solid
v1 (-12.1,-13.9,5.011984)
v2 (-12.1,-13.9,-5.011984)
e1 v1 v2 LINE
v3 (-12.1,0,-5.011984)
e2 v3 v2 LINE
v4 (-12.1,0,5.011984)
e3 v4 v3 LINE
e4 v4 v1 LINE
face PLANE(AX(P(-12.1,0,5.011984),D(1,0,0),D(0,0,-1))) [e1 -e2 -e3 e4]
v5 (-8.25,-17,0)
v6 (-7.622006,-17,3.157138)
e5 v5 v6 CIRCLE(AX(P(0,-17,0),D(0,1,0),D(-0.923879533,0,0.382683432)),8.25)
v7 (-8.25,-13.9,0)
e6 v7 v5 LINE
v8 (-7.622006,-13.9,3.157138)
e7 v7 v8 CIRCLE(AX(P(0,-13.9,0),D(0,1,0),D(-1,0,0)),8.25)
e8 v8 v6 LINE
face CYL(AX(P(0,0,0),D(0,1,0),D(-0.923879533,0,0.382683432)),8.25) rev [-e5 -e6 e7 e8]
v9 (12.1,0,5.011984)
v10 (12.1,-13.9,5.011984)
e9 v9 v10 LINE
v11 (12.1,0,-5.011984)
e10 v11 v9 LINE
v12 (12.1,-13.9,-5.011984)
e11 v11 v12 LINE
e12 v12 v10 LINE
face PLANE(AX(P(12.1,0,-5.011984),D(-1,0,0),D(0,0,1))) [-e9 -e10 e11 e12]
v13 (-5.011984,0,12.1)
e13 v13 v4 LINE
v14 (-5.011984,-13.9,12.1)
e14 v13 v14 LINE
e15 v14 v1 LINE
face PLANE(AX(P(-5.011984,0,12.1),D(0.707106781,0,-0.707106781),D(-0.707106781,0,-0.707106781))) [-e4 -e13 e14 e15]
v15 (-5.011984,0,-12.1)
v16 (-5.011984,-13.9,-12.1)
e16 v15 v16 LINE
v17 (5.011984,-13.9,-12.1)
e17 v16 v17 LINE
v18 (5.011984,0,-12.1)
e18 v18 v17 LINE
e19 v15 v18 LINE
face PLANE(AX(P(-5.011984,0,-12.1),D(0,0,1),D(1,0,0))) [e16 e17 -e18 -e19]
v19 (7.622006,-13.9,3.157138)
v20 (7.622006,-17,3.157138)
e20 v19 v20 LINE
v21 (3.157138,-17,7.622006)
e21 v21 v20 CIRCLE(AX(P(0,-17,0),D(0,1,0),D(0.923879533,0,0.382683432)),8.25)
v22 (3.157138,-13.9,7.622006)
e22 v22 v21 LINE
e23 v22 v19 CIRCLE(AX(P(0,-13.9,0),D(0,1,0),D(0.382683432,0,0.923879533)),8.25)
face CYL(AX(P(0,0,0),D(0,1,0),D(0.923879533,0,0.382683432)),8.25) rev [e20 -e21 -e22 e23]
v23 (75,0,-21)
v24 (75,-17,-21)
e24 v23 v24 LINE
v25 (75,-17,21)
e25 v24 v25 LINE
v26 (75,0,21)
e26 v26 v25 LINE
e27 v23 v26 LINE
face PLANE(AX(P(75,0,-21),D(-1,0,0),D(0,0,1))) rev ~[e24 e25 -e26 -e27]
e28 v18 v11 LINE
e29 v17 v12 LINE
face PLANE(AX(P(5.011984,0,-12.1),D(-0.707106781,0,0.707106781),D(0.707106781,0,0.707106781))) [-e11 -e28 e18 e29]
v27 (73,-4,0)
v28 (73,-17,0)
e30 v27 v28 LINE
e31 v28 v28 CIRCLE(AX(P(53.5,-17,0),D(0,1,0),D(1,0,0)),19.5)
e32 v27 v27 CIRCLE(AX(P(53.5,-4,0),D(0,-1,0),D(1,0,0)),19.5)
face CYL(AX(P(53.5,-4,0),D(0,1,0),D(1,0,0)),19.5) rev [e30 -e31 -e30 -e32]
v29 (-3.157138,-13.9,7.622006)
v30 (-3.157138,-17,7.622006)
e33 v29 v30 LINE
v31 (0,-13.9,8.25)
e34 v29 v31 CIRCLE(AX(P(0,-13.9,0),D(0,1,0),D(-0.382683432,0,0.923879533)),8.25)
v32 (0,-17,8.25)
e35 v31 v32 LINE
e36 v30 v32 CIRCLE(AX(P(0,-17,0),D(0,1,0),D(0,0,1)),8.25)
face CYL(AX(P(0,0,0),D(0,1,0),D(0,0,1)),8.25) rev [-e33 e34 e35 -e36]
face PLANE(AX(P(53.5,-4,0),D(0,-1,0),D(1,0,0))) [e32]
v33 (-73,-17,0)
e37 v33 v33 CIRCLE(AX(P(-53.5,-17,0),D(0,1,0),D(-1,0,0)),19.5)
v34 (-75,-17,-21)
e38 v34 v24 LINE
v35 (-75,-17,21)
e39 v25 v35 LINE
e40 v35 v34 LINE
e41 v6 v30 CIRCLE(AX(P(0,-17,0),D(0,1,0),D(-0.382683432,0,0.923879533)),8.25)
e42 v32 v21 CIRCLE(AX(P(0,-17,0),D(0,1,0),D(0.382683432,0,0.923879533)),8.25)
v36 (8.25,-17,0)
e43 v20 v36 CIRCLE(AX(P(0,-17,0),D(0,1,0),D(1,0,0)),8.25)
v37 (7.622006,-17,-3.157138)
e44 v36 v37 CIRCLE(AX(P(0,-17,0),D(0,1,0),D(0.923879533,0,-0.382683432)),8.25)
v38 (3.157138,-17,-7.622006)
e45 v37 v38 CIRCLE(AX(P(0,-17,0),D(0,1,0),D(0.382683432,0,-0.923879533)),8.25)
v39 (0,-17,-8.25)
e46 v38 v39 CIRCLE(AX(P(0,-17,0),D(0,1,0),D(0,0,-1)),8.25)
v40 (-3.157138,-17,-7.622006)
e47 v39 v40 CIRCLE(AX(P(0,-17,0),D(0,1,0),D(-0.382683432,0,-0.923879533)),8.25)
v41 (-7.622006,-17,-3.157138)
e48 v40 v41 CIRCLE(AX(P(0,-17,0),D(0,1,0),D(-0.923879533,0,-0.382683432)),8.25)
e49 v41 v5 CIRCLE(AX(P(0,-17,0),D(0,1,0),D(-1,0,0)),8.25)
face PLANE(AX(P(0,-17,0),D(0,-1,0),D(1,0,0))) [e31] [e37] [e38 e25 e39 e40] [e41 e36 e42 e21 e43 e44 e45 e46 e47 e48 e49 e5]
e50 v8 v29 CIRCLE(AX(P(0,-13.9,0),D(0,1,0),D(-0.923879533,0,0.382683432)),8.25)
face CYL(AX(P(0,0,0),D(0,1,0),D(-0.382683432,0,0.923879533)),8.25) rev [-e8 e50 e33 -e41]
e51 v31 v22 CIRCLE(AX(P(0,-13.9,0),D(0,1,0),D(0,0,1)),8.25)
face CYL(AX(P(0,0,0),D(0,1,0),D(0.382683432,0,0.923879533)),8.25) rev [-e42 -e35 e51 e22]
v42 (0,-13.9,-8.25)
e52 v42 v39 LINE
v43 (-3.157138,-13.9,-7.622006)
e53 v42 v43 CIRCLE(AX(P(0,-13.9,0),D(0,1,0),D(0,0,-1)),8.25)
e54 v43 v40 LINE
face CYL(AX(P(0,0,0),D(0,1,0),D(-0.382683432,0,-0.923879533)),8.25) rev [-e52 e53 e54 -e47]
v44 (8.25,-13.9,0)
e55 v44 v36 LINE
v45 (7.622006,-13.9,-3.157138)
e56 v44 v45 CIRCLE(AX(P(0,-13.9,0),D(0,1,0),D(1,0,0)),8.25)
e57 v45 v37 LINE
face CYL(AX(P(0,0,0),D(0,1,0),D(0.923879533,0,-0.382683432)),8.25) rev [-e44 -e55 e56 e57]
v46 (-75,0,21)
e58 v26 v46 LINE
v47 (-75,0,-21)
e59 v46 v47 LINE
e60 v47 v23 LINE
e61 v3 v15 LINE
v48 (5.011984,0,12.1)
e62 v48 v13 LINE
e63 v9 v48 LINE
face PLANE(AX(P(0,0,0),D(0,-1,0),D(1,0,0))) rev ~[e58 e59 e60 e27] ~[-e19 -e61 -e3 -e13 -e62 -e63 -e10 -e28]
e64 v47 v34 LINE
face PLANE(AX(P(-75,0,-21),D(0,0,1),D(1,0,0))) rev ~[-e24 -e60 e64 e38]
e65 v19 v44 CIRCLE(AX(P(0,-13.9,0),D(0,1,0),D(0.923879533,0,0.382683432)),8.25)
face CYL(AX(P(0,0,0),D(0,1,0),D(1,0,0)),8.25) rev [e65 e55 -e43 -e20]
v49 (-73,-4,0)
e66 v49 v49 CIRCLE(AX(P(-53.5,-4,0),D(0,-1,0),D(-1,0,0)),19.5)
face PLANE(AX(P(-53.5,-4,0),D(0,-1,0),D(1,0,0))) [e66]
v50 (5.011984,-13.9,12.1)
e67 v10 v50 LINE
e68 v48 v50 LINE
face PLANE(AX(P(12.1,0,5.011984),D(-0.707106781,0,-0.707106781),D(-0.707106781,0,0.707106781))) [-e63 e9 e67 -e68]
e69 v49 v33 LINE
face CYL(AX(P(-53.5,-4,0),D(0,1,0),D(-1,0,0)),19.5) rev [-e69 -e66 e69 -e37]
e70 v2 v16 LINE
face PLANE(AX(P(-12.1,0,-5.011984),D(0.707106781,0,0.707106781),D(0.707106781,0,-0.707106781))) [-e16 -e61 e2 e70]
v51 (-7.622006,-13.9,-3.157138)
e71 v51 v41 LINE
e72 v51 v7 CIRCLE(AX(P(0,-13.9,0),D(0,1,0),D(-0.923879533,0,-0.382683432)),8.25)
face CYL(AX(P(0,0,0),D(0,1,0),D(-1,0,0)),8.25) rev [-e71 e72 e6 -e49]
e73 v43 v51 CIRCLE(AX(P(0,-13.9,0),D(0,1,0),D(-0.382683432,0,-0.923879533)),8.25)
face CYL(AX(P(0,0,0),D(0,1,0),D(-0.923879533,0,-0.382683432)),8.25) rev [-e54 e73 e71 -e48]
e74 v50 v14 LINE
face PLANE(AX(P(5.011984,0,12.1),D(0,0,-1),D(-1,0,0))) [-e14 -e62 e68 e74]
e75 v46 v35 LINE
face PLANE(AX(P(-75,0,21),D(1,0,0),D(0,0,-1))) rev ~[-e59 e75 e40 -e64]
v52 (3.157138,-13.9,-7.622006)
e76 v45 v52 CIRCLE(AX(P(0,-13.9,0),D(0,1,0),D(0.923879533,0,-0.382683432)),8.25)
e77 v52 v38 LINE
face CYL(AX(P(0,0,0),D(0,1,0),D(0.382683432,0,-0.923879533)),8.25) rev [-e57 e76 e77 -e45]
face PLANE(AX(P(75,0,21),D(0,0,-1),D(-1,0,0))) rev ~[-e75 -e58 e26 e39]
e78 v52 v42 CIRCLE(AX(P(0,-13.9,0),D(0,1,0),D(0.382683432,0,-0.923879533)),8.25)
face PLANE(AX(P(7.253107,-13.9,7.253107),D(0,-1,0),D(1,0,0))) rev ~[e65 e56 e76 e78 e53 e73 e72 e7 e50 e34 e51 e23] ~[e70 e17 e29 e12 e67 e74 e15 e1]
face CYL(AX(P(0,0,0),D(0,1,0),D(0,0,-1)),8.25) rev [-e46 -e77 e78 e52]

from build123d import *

# Parameters (mm, degrees)
F1_DEPTH = 13.9
F2_DEPTH = 25
F3_R     = 19.5
F4_DEPTH = 17
F6_DEPTH = 20.74372


with BuildPart() as f1:
    # F0 (on Front) → F1 (new body)
    with BuildSketch(Plane.XZ):
        with BuildLine():
            Line((5.0119841047, 12.1), (3.157138317, 7.6220061432))
            ThreePointArc((3.157138317, 7.6220061432), (5.8336309448, 5.8336309448), (7.6220061432, 3.157138317))
            Line((7.6220061432, 3.157138317), (12.1, 5.0119841047))
            Line((12.1, 5.0119841047), (5.0119841047, 12.1))
        make_face()
        with BuildLine():
            Line((0, 12.1), (0, 8.25))
            ThreePointArc((0, 8.25), (1.6094951566, 8.0914785633), (3.157138317, 7.6220061432))
            Line((3.157138317, 7.6220061432), (5.0119841047, 12.1))
            Line((5.0119841047, 12.1), (0, 12.1))
        make_face()
        with BuildLine():
            ThreePointArc((-3.157138317, 7.6220061432), (-1.6094951566, 8.0914785633), (0, 8.25))
            Line((0, 8.25), (0, 12.1))
            Line((0, 12.1), (-5.0119841047, 12.1))
            Line((-5.0119841047, 12.1), (-3.157138317, 7.6220061432))
        make_face()
        with BuildLine():
            ThreePointArc((-7.6220061432, 3.157138317), (-5.8336309448, 5.8336309448), (-3.157138317, 7.6220061432))
            Line((-3.157138317, 7.6220061432), (-5.0119841047, 12.1))
            Line((-5.0119841047, 12.1), (-12.1, 5.0119841047))
            Line((-12.1, 5.0119841047), (-7.6220061432, 3.157138317))
        make_face()
        with BuildLine():
            ThreePointArc((-3.157138317, -7.6220061432), (-5.8336309448, -5.8336309448), (-7.6220061432, -3.157138317))
            Line((-7.6220061432, -3.157138317), (-12.1, -5.0119841047))
            Line((-12.1, -5.0119841047), (-5.0119841047, -12.1))
            Line((-5.0119841047, -12.1), (-3.157138317, -7.6220061432))
        make_face()
        with BuildLine():
            ThreePointArc((-7.6220061432, -3.157138317), (-8.0914785633, -1.6094951566), (-8.25, 0))
            Line((-8.25, 0), (-12.1, 0))
            Line((-12.1, 0), (-12.1, -5.0119841047))
            Line((-12.1, -5.0119841047), (-7.6220061432, -3.157138317))
        make_face()
        with BuildLine():
            Line((-12.1, 0), (-8.25, 0))
            ThreePointArc((-8.25, 0), (-8.0914785633, 1.6094951566), (-7.6220061432, 3.157138317))
            Line((-7.6220061432, 3.157138317), (-12.1, 5.0119841047))
            Line((-12.1, 5.0119841047), (-12.1, 0))
        make_face()
        with BuildLine():
            Line((0, -12.1), (0, -8.25))
            ThreePointArc((0, -8.25), (-1.6094951566, -8.0914785633), (-3.157138317, -7.6220061432))
            Line((-3.157138317, -7.6220061432), (-5.0119841047, -12.1))
            Line((-5.0119841047, -12.1), (0, -12.1))
        make_face()
        with BuildLine():
            ThreePointArc((3.157138317, -7.6220061432), (1.6094951566, -8.0914785633), (0, -8.25))
            Line((0, -8.25), (0, -12.1))
            Line((0, -12.1), (5.0119841047, -12.1))
            Line((5.0119841047, -12.1), (3.157138317, -7.6220061432))
        make_face()
        with BuildLine():
            ThreePointArc((7.6220061432, -3.157138317), (5.8336309448, -5.8336309448), (3.157138317, -7.6220061432))
            Line((3.157138317, -7.6220061432), (5.0119841047, -12.1))
            Line((5.0119841047, -12.1), (12.1, -5.0119841047))
            Line((12.1, -5.0119841047), (7.6220061432, -3.157138317))
        make_face()
        with BuildLine():
            Line((12.1, 0), (8.25, 0))
            ThreePointArc((8.25, 0), (8.0914785633, -1.6094951566), (7.6220061432, -3.157138317))
            Line((7.6220061432, -3.157138317), (12.1, -5.0119841047))
            Line((12.1, -5.0119841047), (12.1, 0))
        make_face()
        with BuildLine():
            ThreePointArc((7.6220061432, 3.157138317), (8.0914785633, 1.6094951566), (8.25, 0))
            Line((8.25, 0), (12.1, 0))
            Line((12.1, 0), (12.1, 5.0119841047))
            Line((12.1, 5.0119841047), (7.6220061432, 3.157138317))
        make_face()
    extrude(amount=F1_DEPTH)


with BuildPart() as f2:
    # F0 (on Front) → F2 (new body)
    with BuildSketch(Plane.XZ):
        with BuildLine():
            Line((3.157138317, 7.6220061432), (0, 0))
            Line((0, 0), (7.6220061432, 3.157138317))
            ThreePointArc((7.6220061432, 3.157138317), (5.8336309448, 5.8336309448), (3.157138317, 7.6220061432))
        make_face()
        with BuildLine():
            Line((0, 8.25), (0, 0))
            Line((0, 0), (3.157138317, 7.6220061432))
            ThreePointArc((3.157138317, 7.6220061432), (1.6094951566, 8.0914785633), (0, 8.25))
        make_face()
        with BuildLine():
            Line((-3.157138317, 7.6220061432), (0, 0))
            Line((0, 0), (0, 8.25))
            ThreePointArc((0, 8.25), (-1.6094951566, 8.0914785633), (-3.157138317, 7.6220061432))
        make_face()
        with BuildLine():
            Line((-7.6220061432, 3.157138317), (0, 0))
            Line((0, 0), (-3.157138317, 7.6220061432))
            ThreePointArc((-3.157138317, 7.6220061432), (-5.8336309448, 5.8336309448), (-7.6220061432, 3.157138317))
        make_face()
        with BuildLine():
            Line((-8.25, 0), (0, 0))
            Line((0, 0), (-7.6220061432, 3.157138317))
            ThreePointArc((-7.6220061432, 3.157138317), (-8.0914785633, 1.6094951566), (-8.25, 0))
        make_face()
        with BuildLine():
            Line((-7.6220061432, -3.157138317), (0, 0))
            Line((0, 0), (-8.25, 0))
            ThreePointArc((-8.25, 0), (-8.0914785633, -1.6094951566), (-7.6220061432, -3.157138317))
        make_face()
        with BuildLine():
            Line((-3.157138317, -7.6220061432), (0, 0))
            Line((0, 0), (-7.6220061432, -3.157138317))
            ThreePointArc((-7.6220061432, -3.157138317), (-5.8336309448, -5.8336309448), (-3.157138317, -7.6220061432))
        make_face()
        with BuildLine():
            Line((0, -8.25), (0, 0))
            Line((0, 0), (-3.157138317, -7.6220061432))
            ThreePointArc((-3.157138317, -7.6220061432), (-1.6094951566, -8.0914785633), (0, -8.25))
        make_face()
        with BuildLine():
            Line((3.157138317, -7.6220061432), (0, 0))
            Line((0, 0), (0, -8.25))
            ThreePointArc((0, -8.25), (1.6094951566, -8.0914785633), (3.157138317, -7.6220061432))
        make_face()
        with BuildLine():
            Line((7.6220061432, -3.157138317), (0, 0))
            Line((0, 0), (3.157138317, -7.6220061432))
            ThreePointArc((3.157138317, -7.6220061432), (5.8336309448, -5.8336309448), (7.6220061432, -3.157138317))
        make_face()
        with BuildLine():
            Line((8.25, 0), (0, 0))
            Line((0, 0), (7.6220061432, -3.157138317))
            ThreePointArc((7.6220061432, -3.157138317), (8.0914785633, -1.6094951566), (8.25, 0))
        make_face()
        with BuildLine():
            Line((7.6220061432, 3.157138317), (0, 0))
            Line((0, 0), (8.25, 0))
            ThreePointArc((8.25, 0), (8.0914785633, 1.6094951566), (7.6220061432, 3.157138317))
        make_face()
    extrude(amount=F2_DEPTH)


with BuildPart() as f4:
    # F3 (on Front) → F4 (new body)
    with BuildSketch(Plane.XZ):
        Polygon((75, 21), (-75, 21), (-75, 0), (-75, -21), (75, -21), (75, 0), align=None)
        with BuildLine():
            ThreePointArc((-34, 0), (-53.5, -19.5), (-73, 0))
            ThreePointArc((-73, 0), (-53.5, 19.5), (-34, 0))
        make_face(mode=Mode.SUBTRACT)
        with Locations((53.5, 0)):
            Circle(F3_R, mode=Mode.SUBTRACT)
        with BuildLine():
            ThreePointArc((-34, 0), (-53.5, 19.5), (-73, 0))
            ThreePointArc((-73, 0), (-53.5, -19.5), (-34, 0))
        make_face()
        with Locations((53.5, 0)):
            Circle(F3_R)
    extrude(amount=F4_DEPTH)

    # F5: cut F2, F1
    add(f2.part, mode=Mode.SUBTRACT)
    add(f1.part, mode=Mode.SUBTRACT)


with BuildPart() as f6:
    # F3 (on Front) → F6 (new body)
    with BuildSketch(Plane.XZ):
        with BuildLine():
            ThreePointArc((-34, 0), (-53.5, 19.5), (-73, 0))
            ThreePointArc((-73, 0), (-53.5, -19.5), (-34, 0))
        make_face()
    extrude(amount=F6_DEPTH)


with BuildPart() as f6b:
    # F3 (on Front) → F6, piece 2 (new body)
    with BuildSketch(Plane.XZ):
        with Locations((53.5, 0)):
            Circle(F3_R)
    extrude(amount=F6_DEPTH)


with BuildPart() as f6_1:
    # F7: moved
    add(f6.part.moved(Location((0, -4, 0))))


with BuildPart() as f6b_1:
    # F7: moved
    add(f6b.part.moved(Location((0, -4, 0))))


with BuildPart() as f4_1:
    add(f4.part)

    # F8: cut F6, F6b
    add(f6_1.part, mode=Mode.SUBTRACT)
    add(f6b_1.part, mode=Mode.SUBTRACT)


solid = f4_1.part
